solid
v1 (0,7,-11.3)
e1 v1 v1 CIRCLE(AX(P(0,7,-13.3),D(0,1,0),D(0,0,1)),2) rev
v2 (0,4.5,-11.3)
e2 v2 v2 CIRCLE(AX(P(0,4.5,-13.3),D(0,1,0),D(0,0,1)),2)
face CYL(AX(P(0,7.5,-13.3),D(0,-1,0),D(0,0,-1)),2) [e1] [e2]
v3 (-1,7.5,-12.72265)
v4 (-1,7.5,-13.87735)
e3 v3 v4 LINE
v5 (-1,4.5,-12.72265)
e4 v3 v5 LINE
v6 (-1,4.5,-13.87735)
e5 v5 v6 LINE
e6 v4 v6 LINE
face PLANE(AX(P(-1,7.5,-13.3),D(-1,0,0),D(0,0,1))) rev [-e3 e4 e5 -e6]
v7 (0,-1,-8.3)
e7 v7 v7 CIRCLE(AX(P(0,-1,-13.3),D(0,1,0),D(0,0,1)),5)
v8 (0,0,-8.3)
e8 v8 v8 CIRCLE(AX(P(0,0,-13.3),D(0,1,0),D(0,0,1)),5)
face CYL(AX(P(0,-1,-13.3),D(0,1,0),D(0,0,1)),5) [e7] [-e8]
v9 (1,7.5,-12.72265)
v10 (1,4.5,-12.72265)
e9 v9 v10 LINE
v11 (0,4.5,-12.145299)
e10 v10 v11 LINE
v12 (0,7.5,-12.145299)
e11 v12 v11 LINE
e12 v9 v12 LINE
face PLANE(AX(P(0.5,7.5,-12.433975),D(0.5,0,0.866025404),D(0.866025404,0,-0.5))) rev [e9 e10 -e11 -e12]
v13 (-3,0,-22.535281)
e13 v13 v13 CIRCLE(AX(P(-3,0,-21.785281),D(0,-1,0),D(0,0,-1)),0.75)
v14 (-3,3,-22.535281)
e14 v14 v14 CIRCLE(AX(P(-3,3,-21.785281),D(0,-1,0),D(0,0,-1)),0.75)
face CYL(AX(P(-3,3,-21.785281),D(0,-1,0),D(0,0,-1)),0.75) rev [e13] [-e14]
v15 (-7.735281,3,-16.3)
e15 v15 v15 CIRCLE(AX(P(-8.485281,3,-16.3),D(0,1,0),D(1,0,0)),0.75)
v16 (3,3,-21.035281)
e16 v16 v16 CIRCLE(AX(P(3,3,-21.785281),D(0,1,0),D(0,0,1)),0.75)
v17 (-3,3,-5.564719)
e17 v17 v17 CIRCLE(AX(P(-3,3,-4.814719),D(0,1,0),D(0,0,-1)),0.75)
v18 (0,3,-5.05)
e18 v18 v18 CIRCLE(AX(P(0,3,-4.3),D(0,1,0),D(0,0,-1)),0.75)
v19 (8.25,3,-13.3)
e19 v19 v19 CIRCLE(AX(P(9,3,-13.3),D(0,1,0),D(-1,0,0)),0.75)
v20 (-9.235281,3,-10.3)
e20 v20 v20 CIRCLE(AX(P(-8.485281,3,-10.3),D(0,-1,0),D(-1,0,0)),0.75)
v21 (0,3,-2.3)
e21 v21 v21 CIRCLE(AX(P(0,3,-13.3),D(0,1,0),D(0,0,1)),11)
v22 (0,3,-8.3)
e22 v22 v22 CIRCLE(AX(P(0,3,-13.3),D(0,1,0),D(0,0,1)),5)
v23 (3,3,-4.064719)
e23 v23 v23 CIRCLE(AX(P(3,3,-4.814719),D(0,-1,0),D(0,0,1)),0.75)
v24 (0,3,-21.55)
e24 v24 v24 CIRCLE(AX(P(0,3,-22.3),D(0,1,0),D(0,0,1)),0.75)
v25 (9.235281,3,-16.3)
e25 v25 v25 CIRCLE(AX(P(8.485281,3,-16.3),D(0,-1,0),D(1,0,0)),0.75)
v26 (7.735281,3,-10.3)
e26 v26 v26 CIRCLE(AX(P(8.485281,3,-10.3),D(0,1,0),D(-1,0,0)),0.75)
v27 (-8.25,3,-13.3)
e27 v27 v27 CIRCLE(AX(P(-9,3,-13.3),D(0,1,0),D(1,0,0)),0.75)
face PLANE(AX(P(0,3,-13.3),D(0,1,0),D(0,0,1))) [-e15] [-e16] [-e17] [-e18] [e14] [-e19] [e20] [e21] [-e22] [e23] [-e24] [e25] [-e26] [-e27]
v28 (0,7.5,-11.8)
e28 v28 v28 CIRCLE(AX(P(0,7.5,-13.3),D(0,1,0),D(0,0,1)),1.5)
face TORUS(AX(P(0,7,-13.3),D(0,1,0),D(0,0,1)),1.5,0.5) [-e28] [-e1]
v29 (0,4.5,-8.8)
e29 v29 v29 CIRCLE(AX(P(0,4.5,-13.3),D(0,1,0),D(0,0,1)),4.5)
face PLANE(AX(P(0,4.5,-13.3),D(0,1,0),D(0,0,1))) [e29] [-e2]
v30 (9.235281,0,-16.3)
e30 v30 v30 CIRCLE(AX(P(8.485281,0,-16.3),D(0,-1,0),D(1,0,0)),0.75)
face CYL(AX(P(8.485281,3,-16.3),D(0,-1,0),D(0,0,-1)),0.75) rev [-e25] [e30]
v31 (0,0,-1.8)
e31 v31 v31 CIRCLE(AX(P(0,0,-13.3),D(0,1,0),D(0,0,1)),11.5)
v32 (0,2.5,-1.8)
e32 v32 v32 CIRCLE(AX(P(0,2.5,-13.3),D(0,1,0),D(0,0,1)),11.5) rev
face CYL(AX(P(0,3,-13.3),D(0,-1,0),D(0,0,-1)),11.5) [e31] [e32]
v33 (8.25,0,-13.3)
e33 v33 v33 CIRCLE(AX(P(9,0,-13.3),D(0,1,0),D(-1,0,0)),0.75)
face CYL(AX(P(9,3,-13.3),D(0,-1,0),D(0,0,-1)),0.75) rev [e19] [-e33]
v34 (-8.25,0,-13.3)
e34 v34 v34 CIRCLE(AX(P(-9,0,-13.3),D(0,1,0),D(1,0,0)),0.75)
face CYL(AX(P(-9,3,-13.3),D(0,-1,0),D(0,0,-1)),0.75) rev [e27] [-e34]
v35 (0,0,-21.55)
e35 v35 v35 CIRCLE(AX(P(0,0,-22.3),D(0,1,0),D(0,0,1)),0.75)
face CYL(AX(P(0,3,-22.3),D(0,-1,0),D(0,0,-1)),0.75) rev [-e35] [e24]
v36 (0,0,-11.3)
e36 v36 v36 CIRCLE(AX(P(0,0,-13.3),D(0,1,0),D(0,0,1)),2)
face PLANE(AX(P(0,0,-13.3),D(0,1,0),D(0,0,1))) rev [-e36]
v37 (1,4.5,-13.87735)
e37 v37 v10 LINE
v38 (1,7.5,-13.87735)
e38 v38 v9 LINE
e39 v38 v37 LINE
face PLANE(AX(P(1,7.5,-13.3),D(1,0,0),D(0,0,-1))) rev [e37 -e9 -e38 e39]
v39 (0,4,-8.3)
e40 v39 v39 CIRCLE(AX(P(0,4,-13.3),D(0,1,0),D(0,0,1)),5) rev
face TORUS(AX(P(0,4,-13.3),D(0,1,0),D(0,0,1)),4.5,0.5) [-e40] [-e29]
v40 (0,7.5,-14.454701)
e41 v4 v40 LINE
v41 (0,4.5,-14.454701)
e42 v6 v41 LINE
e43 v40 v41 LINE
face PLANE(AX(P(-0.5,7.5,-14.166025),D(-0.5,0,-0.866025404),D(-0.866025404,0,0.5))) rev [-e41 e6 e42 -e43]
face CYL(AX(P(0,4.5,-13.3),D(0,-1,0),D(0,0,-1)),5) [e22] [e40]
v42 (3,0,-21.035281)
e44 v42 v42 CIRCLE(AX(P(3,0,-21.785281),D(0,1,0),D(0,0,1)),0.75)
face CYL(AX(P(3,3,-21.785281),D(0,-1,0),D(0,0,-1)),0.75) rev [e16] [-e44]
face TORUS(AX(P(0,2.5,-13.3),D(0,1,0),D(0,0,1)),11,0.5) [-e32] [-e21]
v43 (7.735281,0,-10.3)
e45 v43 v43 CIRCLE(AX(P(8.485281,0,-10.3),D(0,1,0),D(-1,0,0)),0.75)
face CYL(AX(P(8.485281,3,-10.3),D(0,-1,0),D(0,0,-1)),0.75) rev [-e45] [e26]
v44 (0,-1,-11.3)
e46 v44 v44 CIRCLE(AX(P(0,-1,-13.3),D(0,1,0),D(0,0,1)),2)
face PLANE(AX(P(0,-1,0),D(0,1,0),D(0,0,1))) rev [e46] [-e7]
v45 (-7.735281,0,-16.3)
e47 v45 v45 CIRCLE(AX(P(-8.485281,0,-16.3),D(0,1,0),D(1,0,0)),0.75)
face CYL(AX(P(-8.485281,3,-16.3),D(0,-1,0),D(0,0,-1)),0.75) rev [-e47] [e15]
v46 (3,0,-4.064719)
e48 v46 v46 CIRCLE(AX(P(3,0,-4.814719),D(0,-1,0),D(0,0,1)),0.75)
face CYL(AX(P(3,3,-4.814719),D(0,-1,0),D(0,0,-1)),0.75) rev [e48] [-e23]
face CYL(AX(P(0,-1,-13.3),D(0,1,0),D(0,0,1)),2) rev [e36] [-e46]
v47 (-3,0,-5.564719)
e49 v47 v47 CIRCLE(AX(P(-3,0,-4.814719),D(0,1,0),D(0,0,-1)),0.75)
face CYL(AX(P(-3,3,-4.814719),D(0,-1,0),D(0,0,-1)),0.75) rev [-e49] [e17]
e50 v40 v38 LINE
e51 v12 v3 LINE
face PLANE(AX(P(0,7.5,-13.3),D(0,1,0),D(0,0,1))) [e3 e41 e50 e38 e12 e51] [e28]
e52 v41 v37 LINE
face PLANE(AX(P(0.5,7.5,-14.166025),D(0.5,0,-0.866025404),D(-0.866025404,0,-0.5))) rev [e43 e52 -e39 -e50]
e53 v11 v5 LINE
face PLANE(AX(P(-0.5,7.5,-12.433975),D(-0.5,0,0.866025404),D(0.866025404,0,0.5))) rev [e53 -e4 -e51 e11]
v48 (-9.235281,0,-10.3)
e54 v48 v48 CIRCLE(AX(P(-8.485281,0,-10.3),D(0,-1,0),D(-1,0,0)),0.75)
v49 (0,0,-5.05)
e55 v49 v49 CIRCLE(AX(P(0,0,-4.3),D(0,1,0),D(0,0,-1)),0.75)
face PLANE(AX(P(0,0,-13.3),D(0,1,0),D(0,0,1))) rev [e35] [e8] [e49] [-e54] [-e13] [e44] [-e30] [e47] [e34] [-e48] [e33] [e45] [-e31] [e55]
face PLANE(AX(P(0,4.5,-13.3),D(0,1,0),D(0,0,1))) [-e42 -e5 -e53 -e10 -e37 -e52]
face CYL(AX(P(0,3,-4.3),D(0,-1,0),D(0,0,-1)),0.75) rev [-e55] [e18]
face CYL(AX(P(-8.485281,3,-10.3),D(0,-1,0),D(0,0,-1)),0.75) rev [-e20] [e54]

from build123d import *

# Parameters (mm, degrees)
CROQUIS1_R              = 11.5
SALIENTE_EXTRUIR1_DEPTH = 3
CROQUIS1_9_R            = 0.75
CORTAR_EXTRUIR2_DEPTH   = 3
MATRIZC2_COUNT          = 4
SALIENTE_EXTRUIR2_START = 3
CROQUIS1_11_R           = 5
SALIENTE_EXTRUIR2_DEPTH = 1.5
SALIENTE_EXTRUIR3_START = 4.5
CROQUIS1_12_R           = 2
SALIENTE_EXTRUIR3_DEPTH = 3
REDONDEO1_R             = 0.5
SALIENTE_EXTRUIR4_START = -1
CROQUIS1_13_R           = 5
CROQUIS1_13_R_2         = 2
SALIENTE_EXTRUIR4_DEPTH = 1


with BuildPart() as part:
    # Croquis1 → Saliente-Extruir1 (new body)
    with BuildSketch(Plane(origin=(0, 0, 0), x_dir=(1, 0, 0), z_dir=(0, 1, 0))):
        with Locations(Location((0, 13.3, 0), (0, 0, 270))):
            Circle(CROQUIS1_R)
    extrude(amount=SALIENTE_EXTRUIR1_DEPTH)

    # Croquis1<9> → Cortar-Extruir2 (cut)
    with BuildSketch(Plane(origin=(0, 0, 0), x_dir=(1, 0, 0), z_dir=(0, 1, 0))):
        with Locations(Location((0, 22.3, 0), (0, 0, 270))):
            Circle(CROQUIS1_9_R)
        with Locations(Location((3, 21.785281374, 0), (0, 0, 270))):
            Circle(CROQUIS1_9_R)
        with Locations(Location((-3, 21.785281374, 0), (0, 0, 90))):
            Circle(CROQUIS1_9_R)
    cortar_extruir2 = extrude(amount=CORTAR_EXTRUIR2_DEPTH, mode=Mode.SUBTRACT)

    # MatrizC2: Cortar-Extruir2 ×4 about axis
    matrizc2_axis = Axis((0, 0, -13.3), (0, 1, 0))
    for i in range(1, MATRIZC2_COUNT):
        add(cortar_extruir2.rotate(matrizc2_axis, i * 360 / MATRIZC2_COUNT), mode=Mode.SUBTRACT)

    # Croquis1<11> → Saliente-Extruir2 (add)
    with BuildSketch(Plane(origin=(0, 0, 0), x_dir=(1, 0, 0), z_dir=(0, 1, 0)).offset(SALIENTE_EXTRUIR2_START)):
        with Locations(Location((0, 13.3, 0), (0, 0, 270))):
            Circle(CROQUIS1_11_R)
    extrude(amount=SALIENTE_EXTRUIR2_DEPTH)

    # Croquis1<12> → Saliente-Extruir3 (add)
    with BuildSketch(Plane(origin=(0, 0, 0), x_dir=(1, 0, 0), z_dir=(0, 1, 0)).offset(SALIENTE_EXTRUIR3_START)):
        with Locations(Location((0, 13.3, 0), (0, 0, 270))):
            Circle(CROQUIS1_12_R)
        Polygon((1, 12.722649731), (1, 13.877350269), (0, 14.454700538), (-1, 13.877350269), (-1, 12.722649731), (0, 12.145299462), align=None, mode=Mode.SUBTRACT)
    extrude(amount=SALIENTE_EXTRUIR3_DEPTH)

    # Redondeo1
    redondeo1_edges = [part.edges().sort_by_distance(p)[0] for p in [
        (0, 3, -24.8),
        (0, 4.5, -18.3),
        (0, 7.5, -15.3),
    ]]
    fillet(redondeo1_edges, radius=REDONDEO1_R)

    # Croquis1<13> → Saliente-Extruir4 (add)
    with BuildSketch(Plane(origin=(0, 0, 0), x_dir=(1, 0, 0), z_dir=(0, 1, 0)).offset(SALIENTE_EXTRUIR4_START)):
        with Locations(Location((0, 13.3, 0), (0, 0, 270))):
            Circle(CROQUIS1_13_R)
        with Locations(Location((0, 13.3, 0), (0, 0, 270))):
            Circle(CROQUIS1_13_R_2, mode=Mode.SUBTRACT)
    extrude(amount=SALIENTE_EXTRUIR4_DEPTH)


solid = part.part
